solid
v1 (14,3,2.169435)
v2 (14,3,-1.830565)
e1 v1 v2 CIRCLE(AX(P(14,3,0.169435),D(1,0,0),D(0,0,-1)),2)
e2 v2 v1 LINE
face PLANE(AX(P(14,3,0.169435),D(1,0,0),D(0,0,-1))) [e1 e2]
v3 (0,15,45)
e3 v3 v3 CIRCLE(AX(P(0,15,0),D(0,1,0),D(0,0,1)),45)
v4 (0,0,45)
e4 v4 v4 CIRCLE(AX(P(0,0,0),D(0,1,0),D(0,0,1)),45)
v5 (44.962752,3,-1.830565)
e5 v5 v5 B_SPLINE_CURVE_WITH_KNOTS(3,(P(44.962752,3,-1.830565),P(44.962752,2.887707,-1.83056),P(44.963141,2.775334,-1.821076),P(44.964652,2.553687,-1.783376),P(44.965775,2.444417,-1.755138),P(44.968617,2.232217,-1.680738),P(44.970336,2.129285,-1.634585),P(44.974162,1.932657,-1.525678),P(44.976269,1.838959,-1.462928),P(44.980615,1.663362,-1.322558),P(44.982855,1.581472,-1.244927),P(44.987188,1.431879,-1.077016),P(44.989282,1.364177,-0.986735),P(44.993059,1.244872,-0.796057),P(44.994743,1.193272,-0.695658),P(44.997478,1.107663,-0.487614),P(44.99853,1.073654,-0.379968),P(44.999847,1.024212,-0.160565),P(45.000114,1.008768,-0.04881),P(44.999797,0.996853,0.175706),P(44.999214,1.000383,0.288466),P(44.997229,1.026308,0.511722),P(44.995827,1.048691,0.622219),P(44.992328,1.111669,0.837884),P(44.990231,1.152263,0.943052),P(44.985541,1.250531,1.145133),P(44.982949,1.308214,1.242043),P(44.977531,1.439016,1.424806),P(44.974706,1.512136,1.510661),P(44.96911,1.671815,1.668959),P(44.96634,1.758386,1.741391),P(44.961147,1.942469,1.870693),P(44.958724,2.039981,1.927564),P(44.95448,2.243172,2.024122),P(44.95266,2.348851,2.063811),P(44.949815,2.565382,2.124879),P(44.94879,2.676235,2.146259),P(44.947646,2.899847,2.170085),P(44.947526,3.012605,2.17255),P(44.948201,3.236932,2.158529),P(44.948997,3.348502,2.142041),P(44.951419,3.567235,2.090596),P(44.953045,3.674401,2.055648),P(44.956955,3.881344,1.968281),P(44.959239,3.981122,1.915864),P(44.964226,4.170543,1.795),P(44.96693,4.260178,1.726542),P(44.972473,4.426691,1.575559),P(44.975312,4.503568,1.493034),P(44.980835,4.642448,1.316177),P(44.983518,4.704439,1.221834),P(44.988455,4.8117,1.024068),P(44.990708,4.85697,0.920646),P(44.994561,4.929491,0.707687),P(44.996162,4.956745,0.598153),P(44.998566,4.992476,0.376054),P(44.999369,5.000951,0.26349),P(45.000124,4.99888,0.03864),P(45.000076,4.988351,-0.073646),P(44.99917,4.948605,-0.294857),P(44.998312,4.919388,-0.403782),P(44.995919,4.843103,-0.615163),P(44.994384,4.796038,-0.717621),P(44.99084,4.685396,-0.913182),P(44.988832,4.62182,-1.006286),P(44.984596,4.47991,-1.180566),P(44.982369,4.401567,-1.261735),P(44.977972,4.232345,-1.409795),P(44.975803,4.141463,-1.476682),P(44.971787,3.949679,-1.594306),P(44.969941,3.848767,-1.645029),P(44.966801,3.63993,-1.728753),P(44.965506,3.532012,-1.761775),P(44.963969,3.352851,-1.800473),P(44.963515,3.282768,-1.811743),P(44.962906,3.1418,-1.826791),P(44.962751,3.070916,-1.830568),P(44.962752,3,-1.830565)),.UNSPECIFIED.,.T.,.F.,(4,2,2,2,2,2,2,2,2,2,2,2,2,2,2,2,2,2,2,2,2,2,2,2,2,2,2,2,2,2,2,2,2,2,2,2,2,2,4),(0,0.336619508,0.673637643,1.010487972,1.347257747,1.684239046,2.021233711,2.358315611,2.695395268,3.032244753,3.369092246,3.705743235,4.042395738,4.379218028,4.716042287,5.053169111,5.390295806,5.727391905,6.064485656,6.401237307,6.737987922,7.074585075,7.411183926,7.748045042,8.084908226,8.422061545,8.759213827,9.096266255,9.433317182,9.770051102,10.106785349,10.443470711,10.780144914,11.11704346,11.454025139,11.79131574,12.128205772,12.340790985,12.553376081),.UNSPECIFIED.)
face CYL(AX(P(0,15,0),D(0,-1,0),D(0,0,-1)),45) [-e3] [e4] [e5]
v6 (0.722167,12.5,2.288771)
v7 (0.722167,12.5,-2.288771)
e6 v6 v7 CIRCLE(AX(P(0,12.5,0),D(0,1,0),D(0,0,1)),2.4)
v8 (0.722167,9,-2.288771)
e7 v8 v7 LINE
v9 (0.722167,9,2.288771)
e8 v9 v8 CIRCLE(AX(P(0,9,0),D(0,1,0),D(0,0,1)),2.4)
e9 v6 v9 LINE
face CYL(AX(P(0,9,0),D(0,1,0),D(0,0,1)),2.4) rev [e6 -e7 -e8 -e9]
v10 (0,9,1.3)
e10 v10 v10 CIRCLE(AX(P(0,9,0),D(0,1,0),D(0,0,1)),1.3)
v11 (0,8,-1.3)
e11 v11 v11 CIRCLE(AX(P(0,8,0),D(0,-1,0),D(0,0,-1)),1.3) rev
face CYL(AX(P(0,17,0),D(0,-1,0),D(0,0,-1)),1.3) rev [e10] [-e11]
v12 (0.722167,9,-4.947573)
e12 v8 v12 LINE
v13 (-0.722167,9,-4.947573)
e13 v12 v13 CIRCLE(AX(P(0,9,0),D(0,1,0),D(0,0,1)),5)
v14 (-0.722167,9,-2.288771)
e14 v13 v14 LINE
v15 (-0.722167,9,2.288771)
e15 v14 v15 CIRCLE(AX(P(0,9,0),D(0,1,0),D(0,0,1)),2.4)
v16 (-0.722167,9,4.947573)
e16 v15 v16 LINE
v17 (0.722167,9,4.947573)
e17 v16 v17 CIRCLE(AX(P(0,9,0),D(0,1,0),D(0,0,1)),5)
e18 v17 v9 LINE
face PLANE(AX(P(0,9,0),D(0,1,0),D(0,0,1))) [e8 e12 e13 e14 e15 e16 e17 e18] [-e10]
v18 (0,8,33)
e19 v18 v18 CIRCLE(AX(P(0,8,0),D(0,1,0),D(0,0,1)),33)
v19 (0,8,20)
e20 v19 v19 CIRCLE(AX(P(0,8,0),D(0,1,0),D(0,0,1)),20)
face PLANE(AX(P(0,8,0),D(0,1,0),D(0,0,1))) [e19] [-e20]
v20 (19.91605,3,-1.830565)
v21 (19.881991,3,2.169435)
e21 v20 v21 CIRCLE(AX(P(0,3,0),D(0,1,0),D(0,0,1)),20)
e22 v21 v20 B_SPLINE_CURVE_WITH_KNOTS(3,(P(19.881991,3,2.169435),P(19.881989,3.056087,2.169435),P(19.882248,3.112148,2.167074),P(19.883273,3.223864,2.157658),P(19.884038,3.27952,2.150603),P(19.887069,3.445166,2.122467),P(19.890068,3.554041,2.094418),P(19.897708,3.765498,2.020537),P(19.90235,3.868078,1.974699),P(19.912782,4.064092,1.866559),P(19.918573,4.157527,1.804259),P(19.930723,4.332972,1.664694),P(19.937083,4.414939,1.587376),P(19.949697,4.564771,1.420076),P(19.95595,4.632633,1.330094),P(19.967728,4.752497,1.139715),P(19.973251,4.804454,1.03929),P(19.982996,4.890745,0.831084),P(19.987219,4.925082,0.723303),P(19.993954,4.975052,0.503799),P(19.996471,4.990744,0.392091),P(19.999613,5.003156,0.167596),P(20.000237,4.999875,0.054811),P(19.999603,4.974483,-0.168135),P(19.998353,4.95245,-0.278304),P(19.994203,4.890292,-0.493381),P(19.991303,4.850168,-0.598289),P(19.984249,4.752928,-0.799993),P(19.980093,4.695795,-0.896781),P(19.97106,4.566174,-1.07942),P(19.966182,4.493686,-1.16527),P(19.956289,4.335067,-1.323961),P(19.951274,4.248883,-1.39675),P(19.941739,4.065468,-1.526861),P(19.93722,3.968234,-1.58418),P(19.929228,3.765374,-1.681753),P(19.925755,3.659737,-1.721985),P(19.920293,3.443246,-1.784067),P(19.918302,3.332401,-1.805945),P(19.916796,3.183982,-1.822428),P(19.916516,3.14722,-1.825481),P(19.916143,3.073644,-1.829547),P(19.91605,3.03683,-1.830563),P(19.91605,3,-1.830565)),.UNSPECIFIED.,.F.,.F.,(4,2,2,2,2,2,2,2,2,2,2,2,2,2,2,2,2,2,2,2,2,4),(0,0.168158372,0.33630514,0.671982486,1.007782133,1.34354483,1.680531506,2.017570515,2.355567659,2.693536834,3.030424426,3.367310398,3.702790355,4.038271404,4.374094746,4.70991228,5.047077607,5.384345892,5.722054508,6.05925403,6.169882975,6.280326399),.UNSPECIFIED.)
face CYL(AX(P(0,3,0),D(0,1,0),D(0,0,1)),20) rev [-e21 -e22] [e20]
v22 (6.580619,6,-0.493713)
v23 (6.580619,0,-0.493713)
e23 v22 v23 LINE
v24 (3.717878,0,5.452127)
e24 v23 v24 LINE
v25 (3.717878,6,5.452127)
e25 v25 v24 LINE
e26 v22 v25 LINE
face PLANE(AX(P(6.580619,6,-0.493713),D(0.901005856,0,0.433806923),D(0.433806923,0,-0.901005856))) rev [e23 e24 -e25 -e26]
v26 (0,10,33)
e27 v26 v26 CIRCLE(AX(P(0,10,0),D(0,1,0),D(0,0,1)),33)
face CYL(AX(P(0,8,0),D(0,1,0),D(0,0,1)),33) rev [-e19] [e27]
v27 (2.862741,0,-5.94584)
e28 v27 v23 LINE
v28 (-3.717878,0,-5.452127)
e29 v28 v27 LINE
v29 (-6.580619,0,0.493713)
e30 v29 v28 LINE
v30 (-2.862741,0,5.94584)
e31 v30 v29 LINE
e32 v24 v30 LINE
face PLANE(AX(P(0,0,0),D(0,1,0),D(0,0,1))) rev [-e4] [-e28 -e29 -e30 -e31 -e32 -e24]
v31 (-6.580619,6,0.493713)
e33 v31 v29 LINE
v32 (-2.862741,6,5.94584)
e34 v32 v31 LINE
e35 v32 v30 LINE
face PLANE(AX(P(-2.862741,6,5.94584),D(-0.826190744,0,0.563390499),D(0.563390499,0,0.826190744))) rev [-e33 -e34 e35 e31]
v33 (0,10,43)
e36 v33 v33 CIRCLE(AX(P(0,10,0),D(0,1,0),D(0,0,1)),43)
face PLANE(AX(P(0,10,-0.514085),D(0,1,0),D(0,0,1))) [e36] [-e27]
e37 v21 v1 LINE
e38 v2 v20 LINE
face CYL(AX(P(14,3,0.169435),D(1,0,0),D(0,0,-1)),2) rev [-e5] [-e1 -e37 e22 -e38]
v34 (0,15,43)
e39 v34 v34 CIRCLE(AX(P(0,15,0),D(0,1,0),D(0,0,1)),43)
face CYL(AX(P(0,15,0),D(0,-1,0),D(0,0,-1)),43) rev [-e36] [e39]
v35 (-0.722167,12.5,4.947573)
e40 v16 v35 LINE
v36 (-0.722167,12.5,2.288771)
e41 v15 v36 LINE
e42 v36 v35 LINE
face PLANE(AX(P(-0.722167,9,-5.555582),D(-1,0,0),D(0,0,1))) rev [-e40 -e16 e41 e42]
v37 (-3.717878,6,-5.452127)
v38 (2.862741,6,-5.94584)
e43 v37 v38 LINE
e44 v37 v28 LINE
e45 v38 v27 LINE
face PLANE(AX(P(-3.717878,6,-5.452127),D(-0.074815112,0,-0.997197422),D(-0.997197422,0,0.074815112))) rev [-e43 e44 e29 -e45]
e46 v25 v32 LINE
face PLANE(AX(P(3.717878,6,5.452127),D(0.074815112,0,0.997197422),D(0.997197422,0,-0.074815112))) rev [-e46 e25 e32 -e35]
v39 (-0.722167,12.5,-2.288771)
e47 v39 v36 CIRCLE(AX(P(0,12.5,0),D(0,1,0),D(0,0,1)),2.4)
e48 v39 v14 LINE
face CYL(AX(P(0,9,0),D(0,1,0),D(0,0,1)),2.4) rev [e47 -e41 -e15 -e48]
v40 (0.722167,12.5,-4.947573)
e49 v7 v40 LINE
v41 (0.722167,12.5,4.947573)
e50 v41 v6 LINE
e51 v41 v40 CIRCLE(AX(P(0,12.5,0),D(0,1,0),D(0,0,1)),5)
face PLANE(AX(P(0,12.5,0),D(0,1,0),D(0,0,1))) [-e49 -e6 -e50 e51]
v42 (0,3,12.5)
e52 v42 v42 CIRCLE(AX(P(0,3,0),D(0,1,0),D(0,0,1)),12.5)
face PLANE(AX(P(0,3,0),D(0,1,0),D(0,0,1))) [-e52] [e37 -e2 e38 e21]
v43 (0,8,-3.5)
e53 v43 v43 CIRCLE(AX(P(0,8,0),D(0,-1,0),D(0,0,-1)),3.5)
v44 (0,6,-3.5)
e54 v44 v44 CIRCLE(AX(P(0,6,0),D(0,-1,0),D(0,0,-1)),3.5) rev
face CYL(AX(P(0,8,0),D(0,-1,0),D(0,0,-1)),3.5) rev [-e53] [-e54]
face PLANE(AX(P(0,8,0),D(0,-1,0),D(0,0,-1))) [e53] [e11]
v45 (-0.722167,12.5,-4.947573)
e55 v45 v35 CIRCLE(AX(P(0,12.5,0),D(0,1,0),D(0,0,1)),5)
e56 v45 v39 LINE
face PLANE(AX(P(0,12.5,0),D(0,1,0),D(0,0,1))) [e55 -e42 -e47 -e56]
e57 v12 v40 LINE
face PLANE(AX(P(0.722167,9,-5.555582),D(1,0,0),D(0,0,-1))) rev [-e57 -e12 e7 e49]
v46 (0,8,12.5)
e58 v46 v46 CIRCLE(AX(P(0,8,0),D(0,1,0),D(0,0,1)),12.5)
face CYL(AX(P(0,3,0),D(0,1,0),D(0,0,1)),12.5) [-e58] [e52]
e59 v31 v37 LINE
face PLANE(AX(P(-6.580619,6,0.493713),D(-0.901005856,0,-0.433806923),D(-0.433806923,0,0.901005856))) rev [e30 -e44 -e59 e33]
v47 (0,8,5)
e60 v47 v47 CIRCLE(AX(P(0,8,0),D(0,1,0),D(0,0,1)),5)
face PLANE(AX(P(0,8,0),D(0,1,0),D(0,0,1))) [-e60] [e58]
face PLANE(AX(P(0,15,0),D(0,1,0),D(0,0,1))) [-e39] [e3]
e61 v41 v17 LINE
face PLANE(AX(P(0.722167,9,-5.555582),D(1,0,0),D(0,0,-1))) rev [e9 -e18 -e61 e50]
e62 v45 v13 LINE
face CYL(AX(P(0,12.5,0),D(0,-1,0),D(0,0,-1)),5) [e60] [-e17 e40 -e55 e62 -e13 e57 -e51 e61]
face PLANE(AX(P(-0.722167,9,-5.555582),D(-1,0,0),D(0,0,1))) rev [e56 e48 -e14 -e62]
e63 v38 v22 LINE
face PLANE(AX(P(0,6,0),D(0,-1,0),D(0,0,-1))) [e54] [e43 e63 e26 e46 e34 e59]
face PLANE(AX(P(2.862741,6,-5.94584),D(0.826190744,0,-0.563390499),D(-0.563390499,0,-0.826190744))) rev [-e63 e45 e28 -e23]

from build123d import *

# Parameters (mm, degrees)
SKETCH1_R               = 45
BOSS_EXTRUDE1_DEPTH     = 15
SHELL1_T                = -2
SKETCH11_R              = 43.514084806
BOSS_EXTRUDE4_DEPTH     = 8
SKETCH12_R              = 33
CUT_EXTRUDE2_DEPTH      = 2
SKETCH2_R               = 5
BOSS_EXTRUDE2_DEPTH     = 4.5
SKETCH16_W              = 1.444334904
SKETCH16_H              = 11.111163506
CUT_EXTRUDE3_DEPTH      = 3.5
SKETCH7_R               = 2.4
CUT_EXTRUDE1_DEPTH      = 3.5
SKETCH18_R              = 1.3
CUT_EXTRUDE4_DEPTH      = 17
SKETCH19_R              = 3.5
CUT_EXTRUDE5_DEPTH      = 8
CUT_EXTRUDE6_DEPTH      = 77.485292704
CUT_EXTRUDE6_DEPTH_BACK = 1
SKETCH20_R              = 2
SKETCH22_R              = 20
SKETCH22_R_2            = 12.5
CUT_EXTRUDE10_DEPTH     = 5
CUT_EXTRUDE11_DEPTH     = 6


with BuildPart() as part:
    # Sketch1 → Boss-Extrude1 (new body)
    with BuildSketch(Plane(origin=(0, 0, 0), x_dir=(1, 0, 0), z_dir=(0, 1, 0))):
        with Locations(Location((0, 0, 0), (0, 0, 270))):
            Circle(SKETCH1_R)
    extrude(amount=BOSS_EXTRUDE1_DEPTH)

    # Shell1
    shell1_openings = [part.faces().sort_by_distance(p)[0] for p in [
        (0, 15, 0),
    ]]
    offset(amount=SHELL1_T, openings=shell1_openings, kind=Kind.INTERSECTION)

    # Sketch11 → Boss-Extrude4 (add)
    with BuildSketch(Plane(origin=(0, 2, 0), x_dir=(1, 0, 0), z_dir=(0, 1, 0))):
        with Locations((0, 0.514084806)):
            Circle(SKETCH11_R)
    extrude(amount=BOSS_EXTRUDE4_DEPTH)

    # Sketch12 → Cut-Extrude2 (cut)
    with BuildSketch(Plane(origin=(0, 10, 0), x_dir=(1, 0, 0), z_dir=(0, 1, 0))):
        with Locations(Location((0, 0, 0), (0, 0, 270))):
            Circle(SKETCH12_R)
    extrude(amount=-CUT_EXTRUDE2_DEPTH, mode=Mode.SUBTRACT)

    # Sketch2 → Boss-Extrude2 (add)
    with BuildSketch(Plane(origin=(0, 8, 0), x_dir=(1, 0, 0), z_dir=(0, 1, 0))):
        with Locations(Location((0, 0, 0), (0, 0, 270))):
            Circle(SKETCH2_R)
    extrude(amount=BOSS_EXTRUDE2_DEPTH)

    # Sketch16 → Cut-Extrude3 (cut)
    with BuildSketch(Plane(origin=(0, 12.5, 0), x_dir=(1, 0, 0), z_dir=(0, 1, 0))):
        Rectangle(SKETCH16_W, SKETCH16_H)
    extrude(amount=-CUT_EXTRUDE3_DEPTH, mode=Mode.SUBTRACT)

    # Sketch7 → Cut-Extrude1 (cut)
    with BuildSketch(Plane(origin=(0, 12.5, 0), x_dir=(1, 0, 0), z_dir=(0, 1, 0))):
        Circle(SKETCH7_R)
    extrude(amount=-CUT_EXTRUDE1_DEPTH, mode=Mode.SUBTRACT)

    # Sketch18 → Cut-Extrude4 (cut)
    with BuildSketch(Plane.XZ):
        with Locations(Location((0, 0, 0), (0, 0, 270))):
            Circle(SKETCH18_R)
    extrude(amount=-CUT_EXTRUDE4_DEPTH, mode=Mode.SUBTRACT)

    # Sketch19 → Cut-Extrude5 (cut)
    with BuildSketch(Plane.XZ):
        with Locations(Location((0, 0, 0), (0, 0, 270))):
            Circle(SKETCH19_R)
    extrude(amount=-CUT_EXTRUDE5_DEPTH, mode=Mode.SUBTRACT)

    # Sketch20 → Cut-Extrude6 (cut, two sides: drawn at the far end of the back side and taken through both)
    with BuildSketch(Plane(origin=(15, 0, 0), x_dir=(0, 0, -1), z_dir=(1, 0, 0)).offset(-CUT_EXTRUDE6_DEPTH_BACK)):
        with Locations((-0.169435032, 3)):
            Circle(SKETCH20_R)
    extrude(amount=CUT_EXTRUDE6_DEPTH + CUT_EXTRUDE6_DEPTH_BACK, mode=Mode.SUBTRACT)

    # Sketch22 → Cut-Extrude10 (cut)
    with BuildSketch(Plane(origin=(0, 8, 0), x_dir=(1, 0, 0), z_dir=(0, 1, 0))):
        with Locations(Location((0, 0, 0), (0, 0, 270))):
            Circle(SKETCH22_R)
        with Locations(Location((0, 0, 0), (0, 0, 270))):
            Circle(SKETCH22_R_2, mode=Mode.SUBTRACT)
    extrude(amount=-CUT_EXTRUDE10_DEPTH, mode=Mode.SUBTRACT)

    # Sketch23 → Cut-Extrude11 (cut)
    with BuildSketch(Plane.XZ):
        Polygon((2.862741159, -5.945839979), (6.580619048, -0.493713422), (3.71787789, 5.452126557), (-2.862741159, 5.945839979), (-6.580619048, 0.493713422), (-3.71787789, -5.452126557), align=None)
    extrude(amount=-CUT_EXTRUDE11_DEPTH, mode=Mode.SUBTRACT)


solid = part.part
